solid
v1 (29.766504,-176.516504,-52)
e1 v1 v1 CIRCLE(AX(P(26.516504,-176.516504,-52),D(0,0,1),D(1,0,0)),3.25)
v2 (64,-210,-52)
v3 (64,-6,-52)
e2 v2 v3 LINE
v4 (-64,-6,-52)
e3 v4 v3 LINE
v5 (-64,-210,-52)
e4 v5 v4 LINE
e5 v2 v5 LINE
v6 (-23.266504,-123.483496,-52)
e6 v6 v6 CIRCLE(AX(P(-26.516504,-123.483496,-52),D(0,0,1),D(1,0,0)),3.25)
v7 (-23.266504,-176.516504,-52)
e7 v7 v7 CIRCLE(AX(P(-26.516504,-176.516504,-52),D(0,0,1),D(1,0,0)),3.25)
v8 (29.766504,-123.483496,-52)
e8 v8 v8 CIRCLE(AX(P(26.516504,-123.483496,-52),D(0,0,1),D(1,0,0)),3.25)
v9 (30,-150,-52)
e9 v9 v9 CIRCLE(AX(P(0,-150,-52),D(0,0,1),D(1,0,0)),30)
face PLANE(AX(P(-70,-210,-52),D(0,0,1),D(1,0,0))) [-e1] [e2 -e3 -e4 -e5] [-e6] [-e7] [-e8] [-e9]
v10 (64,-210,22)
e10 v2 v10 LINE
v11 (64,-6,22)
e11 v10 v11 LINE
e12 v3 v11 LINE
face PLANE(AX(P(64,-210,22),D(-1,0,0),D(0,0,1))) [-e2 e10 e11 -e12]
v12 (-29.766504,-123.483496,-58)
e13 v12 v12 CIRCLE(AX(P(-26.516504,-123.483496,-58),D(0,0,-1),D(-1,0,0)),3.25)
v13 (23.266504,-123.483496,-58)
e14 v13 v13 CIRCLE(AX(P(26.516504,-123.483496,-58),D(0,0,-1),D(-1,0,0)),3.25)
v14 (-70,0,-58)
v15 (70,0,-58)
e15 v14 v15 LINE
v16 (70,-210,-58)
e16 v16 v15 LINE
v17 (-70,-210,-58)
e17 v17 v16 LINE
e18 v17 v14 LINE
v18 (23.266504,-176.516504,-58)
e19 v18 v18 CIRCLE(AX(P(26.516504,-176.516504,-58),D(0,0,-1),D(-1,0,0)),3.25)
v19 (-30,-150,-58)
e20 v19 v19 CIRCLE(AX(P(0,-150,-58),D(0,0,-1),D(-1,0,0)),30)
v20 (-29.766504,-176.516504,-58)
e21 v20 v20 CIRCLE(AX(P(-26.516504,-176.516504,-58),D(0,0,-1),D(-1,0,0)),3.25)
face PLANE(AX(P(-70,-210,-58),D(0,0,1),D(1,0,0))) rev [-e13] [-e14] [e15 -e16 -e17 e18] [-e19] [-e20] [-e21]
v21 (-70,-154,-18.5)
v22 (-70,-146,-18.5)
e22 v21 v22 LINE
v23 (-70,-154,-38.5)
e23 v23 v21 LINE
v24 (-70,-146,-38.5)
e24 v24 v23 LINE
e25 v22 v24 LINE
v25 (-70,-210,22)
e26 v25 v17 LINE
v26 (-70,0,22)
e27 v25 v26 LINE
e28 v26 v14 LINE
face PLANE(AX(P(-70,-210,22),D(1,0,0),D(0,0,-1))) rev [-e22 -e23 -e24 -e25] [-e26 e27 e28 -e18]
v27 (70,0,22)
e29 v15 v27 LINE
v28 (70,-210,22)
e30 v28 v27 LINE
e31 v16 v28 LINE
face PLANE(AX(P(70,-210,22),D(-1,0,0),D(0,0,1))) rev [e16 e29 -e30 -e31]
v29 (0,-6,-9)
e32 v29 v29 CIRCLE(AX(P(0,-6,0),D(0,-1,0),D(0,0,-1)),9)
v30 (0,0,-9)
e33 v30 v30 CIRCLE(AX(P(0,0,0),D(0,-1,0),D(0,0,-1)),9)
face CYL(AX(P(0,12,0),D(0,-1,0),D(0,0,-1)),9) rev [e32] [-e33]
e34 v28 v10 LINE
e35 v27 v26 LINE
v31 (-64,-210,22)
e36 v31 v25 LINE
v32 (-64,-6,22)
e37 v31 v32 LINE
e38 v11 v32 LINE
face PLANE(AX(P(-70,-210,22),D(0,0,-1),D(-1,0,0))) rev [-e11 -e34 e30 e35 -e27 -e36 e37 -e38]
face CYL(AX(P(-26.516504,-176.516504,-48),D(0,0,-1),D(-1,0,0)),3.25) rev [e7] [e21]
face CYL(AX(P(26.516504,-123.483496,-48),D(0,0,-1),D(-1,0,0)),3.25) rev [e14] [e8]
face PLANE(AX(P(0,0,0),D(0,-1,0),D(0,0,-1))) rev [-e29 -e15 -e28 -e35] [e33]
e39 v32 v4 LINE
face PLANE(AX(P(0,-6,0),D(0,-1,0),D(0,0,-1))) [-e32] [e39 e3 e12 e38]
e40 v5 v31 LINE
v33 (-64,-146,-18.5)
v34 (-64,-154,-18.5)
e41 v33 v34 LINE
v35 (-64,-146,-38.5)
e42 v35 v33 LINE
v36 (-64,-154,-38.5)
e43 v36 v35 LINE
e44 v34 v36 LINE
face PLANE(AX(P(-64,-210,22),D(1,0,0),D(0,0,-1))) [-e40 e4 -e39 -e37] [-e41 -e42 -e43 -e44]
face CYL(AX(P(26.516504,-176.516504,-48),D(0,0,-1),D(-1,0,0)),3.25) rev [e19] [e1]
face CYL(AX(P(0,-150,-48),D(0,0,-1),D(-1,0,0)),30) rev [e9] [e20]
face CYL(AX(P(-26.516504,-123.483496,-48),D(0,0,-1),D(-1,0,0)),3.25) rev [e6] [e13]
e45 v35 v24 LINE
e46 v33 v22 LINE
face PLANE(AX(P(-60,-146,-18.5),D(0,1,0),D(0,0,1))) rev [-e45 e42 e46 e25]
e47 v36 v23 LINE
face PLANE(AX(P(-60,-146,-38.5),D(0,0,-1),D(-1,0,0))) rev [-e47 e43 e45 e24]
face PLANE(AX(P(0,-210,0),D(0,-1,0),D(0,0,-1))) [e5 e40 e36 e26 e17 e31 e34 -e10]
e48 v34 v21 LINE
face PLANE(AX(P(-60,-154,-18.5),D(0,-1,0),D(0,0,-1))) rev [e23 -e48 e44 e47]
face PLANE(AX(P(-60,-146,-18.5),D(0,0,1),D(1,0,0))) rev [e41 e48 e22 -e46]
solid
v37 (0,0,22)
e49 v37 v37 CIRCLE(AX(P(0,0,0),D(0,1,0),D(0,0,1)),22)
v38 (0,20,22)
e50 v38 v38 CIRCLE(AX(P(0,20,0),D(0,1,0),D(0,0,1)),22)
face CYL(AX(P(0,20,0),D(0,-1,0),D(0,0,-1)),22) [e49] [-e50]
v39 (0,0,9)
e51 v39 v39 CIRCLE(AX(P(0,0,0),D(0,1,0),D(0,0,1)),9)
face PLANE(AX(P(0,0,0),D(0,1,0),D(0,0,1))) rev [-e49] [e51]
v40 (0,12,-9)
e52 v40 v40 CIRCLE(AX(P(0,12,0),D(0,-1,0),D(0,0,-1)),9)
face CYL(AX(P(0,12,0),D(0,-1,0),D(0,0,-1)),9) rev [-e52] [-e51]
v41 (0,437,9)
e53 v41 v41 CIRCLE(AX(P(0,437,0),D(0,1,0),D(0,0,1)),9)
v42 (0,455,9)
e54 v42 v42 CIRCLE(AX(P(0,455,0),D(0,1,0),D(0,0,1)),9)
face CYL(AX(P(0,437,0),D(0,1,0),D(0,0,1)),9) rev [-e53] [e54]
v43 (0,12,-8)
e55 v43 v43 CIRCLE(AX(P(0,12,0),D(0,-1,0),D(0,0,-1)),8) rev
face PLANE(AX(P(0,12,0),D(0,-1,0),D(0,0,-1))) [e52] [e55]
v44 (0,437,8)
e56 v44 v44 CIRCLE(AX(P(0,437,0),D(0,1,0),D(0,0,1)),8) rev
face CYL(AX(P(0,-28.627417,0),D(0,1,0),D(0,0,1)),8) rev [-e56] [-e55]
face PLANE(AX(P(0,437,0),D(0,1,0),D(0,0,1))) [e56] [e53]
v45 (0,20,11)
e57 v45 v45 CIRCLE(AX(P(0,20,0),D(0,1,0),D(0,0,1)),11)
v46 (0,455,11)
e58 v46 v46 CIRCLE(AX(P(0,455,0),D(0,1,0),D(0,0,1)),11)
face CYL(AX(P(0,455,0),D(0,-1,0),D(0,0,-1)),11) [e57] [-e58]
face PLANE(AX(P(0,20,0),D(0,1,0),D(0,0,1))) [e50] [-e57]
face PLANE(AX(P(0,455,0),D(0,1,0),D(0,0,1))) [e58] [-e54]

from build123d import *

# Parameters (mm, degrees)
SKETCH_1_R          = 22
EXTRUDE_1_DEPTH     = 20
SKETCH_2_R          = 11
EXTRUDE_2_DEPTH     = 435
SKETCH_4_W          = 140
SKETCH_4_H          = 80
EXTRUDE_3_DEPTH     = 210
SHELL_2_T           = -6
SKETCH_3_R          = 8
CUT_EXTRUDE_2_DEPTH = 461
SKETCH_5_W          = 128
SKETCH_5_H          = 6
CUT_EXTRUDE_3_DEPTH = 74
SKETCH_6_R          = 30
SKETCH_6_R_2        = 3.25
CUT_EXTRUDE_4_DEPTH = 10
SKETCH_7_R          = 9
CUT_EXTRUDE_5_DEPTH = 18
SKETCH_8_R          = 9
CUT_EXTRUDE_6_DEPTH = 18
SKETCH_9_W          = 20
SKETCH_9_H          = 8
CUT_EXTRUDE_7_DEPTH = 10


with BuildPart() as part:
    # 草图1 → 凸台-拉伸1 (new body)
    with BuildSketch(Plane(origin=(0, 0, 0), x_dir=(1, 0, 0), z_dir=(0, 1, 0))):
        Circle(SKETCH_1_R)
    extrude(amount=EXTRUDE_1_DEPTH)

    # 草图2 → 凸台-拉伸2 (add)
    with BuildSketch(Plane(origin=(0, 20, 0), x_dir=(1, 0, 0), z_dir=(0, 1, 0))):
        Circle(SKETCH_2_R)
    extrude(amount=EXTRUDE_2_DEPTH)


with BuildPart() as body_2:
    # 草图4 → 凸台-拉伸3 (new body)
    with BuildSketch(Plane.XZ):
        with Locations((0, -18)):
            Rectangle(SKETCH_4_W, SKETCH_4_H)
    extrude(amount=EXTRUDE_3_DEPTH)

    # 抽壳2
    shell_2_openings = [body_2.faces().sort_by_distance(p)[0] for p in [
        (0, -105, 22),
    ]]
    offset(amount=SHELL_2_T, openings=shell_2_openings, kind=Kind.INTERSECTION)


with BuildPart() as cut_extrude_2_tool:
    # 草图3 → 切除-拉伸2 (new body)
    with BuildSketch(Plane(origin=(0, 455, 0), x_dir=(1, 0, 0), z_dir=(0, 1, 0))):
        Circle(SKETCH_3_R)
    extrude(amount=-CUT_EXTRUDE_2_DEPTH)


with BuildPart() as part_1:
    add(part.part)

    # 切除-拉伸2: cut by cut_extrude_2_tool
    add(cut_extrude_2_tool.part, mode=Mode.SUBTRACT)

    # 草图7 → 切除-拉伸5 (cut)
    with BuildSketch(Plane(origin=(0, 455, 0), x_dir=(1, 0, 0), z_dir=(0, 1, 0))):
        Circle(SKETCH_7_R)
    extrude(amount=-CUT_EXTRUDE_5_DEPTH, mode=Mode.SUBTRACT)


with BuildPart() as body_2_1:
    add(body_2.part)

    # 切除-拉伸2: cut by cut_extrude_2_tool
    add(cut_extrude_2_tool.part, mode=Mode.SUBTRACT)

    # 草图5 → 切除-拉伸3 (cut)
    with BuildSketch(Plane.XY.offset(22)):
        with Locations((0, -207)):
            Rectangle(SKETCH_5_W, SKETCH_5_H)
    extrude(amount=-CUT_EXTRUDE_3_DEPTH, mode=Mode.SUBTRACT)

    # 草图6 → 切除-拉伸4 (cut)
    with BuildSketch(Plane(origin=(0, 0, -58), x_dir=(-1, 0, 0), z_dir=(0, 0, -1))):
        with Locations((0, -150)):
            Circle(SKETCH_6_R)
        with Locations((26.516504294, -123.483495706)):
            Circle(SKETCH_6_R_2)
        with Locations((26.516504294, -176.516504294)):
            Circle(SKETCH_6_R_2)
        with Locations((-26.516504294, -176.516504294)):
            Circle(SKETCH_6_R_2)
        with Locations((-26.516504294, -123.483495706)):
            Circle(SKETCH_6_R_2)
    extrude(amount=-CUT_EXTRUDE_4_DEPTH, mode=Mode.SUBTRACT)


with BuildPart() as cut_extrude_6_tool:
    # 草图8 → 切除-拉伸6 (new body)
    with BuildSketch(Plane.XZ.offset(6)):
        Circle(SKETCH_8_R)
    extrude(amount=-CUT_EXTRUDE_6_DEPTH)


with BuildPart() as part_2:
    add(part_1.part)

    # 切除-拉伸6: cut by cut_extrude_6_tool
    add(cut_extrude_6_tool.part, mode=Mode.SUBTRACT)


with BuildPart() as body_2_2:
    add(body_2_1.part)

    # 切除-拉伸6: cut by cut_extrude_6_tool
    add(cut_extrude_6_tool.part, mode=Mode.SUBTRACT)

    # 草图9 → 切除-拉伸7 (cut)
    with BuildSketch(Plane.ZY.offset(70)):
        with Locations((-28.5, -150)):
            Rectangle(SKETCH_9_W, SKETCH_9_H)
    extrude(amount=-CUT_EXTRUDE_7_DEPTH, mode=Mode.SUBTRACT)


solid = Compound([part_2.part, body_2_2.part])
